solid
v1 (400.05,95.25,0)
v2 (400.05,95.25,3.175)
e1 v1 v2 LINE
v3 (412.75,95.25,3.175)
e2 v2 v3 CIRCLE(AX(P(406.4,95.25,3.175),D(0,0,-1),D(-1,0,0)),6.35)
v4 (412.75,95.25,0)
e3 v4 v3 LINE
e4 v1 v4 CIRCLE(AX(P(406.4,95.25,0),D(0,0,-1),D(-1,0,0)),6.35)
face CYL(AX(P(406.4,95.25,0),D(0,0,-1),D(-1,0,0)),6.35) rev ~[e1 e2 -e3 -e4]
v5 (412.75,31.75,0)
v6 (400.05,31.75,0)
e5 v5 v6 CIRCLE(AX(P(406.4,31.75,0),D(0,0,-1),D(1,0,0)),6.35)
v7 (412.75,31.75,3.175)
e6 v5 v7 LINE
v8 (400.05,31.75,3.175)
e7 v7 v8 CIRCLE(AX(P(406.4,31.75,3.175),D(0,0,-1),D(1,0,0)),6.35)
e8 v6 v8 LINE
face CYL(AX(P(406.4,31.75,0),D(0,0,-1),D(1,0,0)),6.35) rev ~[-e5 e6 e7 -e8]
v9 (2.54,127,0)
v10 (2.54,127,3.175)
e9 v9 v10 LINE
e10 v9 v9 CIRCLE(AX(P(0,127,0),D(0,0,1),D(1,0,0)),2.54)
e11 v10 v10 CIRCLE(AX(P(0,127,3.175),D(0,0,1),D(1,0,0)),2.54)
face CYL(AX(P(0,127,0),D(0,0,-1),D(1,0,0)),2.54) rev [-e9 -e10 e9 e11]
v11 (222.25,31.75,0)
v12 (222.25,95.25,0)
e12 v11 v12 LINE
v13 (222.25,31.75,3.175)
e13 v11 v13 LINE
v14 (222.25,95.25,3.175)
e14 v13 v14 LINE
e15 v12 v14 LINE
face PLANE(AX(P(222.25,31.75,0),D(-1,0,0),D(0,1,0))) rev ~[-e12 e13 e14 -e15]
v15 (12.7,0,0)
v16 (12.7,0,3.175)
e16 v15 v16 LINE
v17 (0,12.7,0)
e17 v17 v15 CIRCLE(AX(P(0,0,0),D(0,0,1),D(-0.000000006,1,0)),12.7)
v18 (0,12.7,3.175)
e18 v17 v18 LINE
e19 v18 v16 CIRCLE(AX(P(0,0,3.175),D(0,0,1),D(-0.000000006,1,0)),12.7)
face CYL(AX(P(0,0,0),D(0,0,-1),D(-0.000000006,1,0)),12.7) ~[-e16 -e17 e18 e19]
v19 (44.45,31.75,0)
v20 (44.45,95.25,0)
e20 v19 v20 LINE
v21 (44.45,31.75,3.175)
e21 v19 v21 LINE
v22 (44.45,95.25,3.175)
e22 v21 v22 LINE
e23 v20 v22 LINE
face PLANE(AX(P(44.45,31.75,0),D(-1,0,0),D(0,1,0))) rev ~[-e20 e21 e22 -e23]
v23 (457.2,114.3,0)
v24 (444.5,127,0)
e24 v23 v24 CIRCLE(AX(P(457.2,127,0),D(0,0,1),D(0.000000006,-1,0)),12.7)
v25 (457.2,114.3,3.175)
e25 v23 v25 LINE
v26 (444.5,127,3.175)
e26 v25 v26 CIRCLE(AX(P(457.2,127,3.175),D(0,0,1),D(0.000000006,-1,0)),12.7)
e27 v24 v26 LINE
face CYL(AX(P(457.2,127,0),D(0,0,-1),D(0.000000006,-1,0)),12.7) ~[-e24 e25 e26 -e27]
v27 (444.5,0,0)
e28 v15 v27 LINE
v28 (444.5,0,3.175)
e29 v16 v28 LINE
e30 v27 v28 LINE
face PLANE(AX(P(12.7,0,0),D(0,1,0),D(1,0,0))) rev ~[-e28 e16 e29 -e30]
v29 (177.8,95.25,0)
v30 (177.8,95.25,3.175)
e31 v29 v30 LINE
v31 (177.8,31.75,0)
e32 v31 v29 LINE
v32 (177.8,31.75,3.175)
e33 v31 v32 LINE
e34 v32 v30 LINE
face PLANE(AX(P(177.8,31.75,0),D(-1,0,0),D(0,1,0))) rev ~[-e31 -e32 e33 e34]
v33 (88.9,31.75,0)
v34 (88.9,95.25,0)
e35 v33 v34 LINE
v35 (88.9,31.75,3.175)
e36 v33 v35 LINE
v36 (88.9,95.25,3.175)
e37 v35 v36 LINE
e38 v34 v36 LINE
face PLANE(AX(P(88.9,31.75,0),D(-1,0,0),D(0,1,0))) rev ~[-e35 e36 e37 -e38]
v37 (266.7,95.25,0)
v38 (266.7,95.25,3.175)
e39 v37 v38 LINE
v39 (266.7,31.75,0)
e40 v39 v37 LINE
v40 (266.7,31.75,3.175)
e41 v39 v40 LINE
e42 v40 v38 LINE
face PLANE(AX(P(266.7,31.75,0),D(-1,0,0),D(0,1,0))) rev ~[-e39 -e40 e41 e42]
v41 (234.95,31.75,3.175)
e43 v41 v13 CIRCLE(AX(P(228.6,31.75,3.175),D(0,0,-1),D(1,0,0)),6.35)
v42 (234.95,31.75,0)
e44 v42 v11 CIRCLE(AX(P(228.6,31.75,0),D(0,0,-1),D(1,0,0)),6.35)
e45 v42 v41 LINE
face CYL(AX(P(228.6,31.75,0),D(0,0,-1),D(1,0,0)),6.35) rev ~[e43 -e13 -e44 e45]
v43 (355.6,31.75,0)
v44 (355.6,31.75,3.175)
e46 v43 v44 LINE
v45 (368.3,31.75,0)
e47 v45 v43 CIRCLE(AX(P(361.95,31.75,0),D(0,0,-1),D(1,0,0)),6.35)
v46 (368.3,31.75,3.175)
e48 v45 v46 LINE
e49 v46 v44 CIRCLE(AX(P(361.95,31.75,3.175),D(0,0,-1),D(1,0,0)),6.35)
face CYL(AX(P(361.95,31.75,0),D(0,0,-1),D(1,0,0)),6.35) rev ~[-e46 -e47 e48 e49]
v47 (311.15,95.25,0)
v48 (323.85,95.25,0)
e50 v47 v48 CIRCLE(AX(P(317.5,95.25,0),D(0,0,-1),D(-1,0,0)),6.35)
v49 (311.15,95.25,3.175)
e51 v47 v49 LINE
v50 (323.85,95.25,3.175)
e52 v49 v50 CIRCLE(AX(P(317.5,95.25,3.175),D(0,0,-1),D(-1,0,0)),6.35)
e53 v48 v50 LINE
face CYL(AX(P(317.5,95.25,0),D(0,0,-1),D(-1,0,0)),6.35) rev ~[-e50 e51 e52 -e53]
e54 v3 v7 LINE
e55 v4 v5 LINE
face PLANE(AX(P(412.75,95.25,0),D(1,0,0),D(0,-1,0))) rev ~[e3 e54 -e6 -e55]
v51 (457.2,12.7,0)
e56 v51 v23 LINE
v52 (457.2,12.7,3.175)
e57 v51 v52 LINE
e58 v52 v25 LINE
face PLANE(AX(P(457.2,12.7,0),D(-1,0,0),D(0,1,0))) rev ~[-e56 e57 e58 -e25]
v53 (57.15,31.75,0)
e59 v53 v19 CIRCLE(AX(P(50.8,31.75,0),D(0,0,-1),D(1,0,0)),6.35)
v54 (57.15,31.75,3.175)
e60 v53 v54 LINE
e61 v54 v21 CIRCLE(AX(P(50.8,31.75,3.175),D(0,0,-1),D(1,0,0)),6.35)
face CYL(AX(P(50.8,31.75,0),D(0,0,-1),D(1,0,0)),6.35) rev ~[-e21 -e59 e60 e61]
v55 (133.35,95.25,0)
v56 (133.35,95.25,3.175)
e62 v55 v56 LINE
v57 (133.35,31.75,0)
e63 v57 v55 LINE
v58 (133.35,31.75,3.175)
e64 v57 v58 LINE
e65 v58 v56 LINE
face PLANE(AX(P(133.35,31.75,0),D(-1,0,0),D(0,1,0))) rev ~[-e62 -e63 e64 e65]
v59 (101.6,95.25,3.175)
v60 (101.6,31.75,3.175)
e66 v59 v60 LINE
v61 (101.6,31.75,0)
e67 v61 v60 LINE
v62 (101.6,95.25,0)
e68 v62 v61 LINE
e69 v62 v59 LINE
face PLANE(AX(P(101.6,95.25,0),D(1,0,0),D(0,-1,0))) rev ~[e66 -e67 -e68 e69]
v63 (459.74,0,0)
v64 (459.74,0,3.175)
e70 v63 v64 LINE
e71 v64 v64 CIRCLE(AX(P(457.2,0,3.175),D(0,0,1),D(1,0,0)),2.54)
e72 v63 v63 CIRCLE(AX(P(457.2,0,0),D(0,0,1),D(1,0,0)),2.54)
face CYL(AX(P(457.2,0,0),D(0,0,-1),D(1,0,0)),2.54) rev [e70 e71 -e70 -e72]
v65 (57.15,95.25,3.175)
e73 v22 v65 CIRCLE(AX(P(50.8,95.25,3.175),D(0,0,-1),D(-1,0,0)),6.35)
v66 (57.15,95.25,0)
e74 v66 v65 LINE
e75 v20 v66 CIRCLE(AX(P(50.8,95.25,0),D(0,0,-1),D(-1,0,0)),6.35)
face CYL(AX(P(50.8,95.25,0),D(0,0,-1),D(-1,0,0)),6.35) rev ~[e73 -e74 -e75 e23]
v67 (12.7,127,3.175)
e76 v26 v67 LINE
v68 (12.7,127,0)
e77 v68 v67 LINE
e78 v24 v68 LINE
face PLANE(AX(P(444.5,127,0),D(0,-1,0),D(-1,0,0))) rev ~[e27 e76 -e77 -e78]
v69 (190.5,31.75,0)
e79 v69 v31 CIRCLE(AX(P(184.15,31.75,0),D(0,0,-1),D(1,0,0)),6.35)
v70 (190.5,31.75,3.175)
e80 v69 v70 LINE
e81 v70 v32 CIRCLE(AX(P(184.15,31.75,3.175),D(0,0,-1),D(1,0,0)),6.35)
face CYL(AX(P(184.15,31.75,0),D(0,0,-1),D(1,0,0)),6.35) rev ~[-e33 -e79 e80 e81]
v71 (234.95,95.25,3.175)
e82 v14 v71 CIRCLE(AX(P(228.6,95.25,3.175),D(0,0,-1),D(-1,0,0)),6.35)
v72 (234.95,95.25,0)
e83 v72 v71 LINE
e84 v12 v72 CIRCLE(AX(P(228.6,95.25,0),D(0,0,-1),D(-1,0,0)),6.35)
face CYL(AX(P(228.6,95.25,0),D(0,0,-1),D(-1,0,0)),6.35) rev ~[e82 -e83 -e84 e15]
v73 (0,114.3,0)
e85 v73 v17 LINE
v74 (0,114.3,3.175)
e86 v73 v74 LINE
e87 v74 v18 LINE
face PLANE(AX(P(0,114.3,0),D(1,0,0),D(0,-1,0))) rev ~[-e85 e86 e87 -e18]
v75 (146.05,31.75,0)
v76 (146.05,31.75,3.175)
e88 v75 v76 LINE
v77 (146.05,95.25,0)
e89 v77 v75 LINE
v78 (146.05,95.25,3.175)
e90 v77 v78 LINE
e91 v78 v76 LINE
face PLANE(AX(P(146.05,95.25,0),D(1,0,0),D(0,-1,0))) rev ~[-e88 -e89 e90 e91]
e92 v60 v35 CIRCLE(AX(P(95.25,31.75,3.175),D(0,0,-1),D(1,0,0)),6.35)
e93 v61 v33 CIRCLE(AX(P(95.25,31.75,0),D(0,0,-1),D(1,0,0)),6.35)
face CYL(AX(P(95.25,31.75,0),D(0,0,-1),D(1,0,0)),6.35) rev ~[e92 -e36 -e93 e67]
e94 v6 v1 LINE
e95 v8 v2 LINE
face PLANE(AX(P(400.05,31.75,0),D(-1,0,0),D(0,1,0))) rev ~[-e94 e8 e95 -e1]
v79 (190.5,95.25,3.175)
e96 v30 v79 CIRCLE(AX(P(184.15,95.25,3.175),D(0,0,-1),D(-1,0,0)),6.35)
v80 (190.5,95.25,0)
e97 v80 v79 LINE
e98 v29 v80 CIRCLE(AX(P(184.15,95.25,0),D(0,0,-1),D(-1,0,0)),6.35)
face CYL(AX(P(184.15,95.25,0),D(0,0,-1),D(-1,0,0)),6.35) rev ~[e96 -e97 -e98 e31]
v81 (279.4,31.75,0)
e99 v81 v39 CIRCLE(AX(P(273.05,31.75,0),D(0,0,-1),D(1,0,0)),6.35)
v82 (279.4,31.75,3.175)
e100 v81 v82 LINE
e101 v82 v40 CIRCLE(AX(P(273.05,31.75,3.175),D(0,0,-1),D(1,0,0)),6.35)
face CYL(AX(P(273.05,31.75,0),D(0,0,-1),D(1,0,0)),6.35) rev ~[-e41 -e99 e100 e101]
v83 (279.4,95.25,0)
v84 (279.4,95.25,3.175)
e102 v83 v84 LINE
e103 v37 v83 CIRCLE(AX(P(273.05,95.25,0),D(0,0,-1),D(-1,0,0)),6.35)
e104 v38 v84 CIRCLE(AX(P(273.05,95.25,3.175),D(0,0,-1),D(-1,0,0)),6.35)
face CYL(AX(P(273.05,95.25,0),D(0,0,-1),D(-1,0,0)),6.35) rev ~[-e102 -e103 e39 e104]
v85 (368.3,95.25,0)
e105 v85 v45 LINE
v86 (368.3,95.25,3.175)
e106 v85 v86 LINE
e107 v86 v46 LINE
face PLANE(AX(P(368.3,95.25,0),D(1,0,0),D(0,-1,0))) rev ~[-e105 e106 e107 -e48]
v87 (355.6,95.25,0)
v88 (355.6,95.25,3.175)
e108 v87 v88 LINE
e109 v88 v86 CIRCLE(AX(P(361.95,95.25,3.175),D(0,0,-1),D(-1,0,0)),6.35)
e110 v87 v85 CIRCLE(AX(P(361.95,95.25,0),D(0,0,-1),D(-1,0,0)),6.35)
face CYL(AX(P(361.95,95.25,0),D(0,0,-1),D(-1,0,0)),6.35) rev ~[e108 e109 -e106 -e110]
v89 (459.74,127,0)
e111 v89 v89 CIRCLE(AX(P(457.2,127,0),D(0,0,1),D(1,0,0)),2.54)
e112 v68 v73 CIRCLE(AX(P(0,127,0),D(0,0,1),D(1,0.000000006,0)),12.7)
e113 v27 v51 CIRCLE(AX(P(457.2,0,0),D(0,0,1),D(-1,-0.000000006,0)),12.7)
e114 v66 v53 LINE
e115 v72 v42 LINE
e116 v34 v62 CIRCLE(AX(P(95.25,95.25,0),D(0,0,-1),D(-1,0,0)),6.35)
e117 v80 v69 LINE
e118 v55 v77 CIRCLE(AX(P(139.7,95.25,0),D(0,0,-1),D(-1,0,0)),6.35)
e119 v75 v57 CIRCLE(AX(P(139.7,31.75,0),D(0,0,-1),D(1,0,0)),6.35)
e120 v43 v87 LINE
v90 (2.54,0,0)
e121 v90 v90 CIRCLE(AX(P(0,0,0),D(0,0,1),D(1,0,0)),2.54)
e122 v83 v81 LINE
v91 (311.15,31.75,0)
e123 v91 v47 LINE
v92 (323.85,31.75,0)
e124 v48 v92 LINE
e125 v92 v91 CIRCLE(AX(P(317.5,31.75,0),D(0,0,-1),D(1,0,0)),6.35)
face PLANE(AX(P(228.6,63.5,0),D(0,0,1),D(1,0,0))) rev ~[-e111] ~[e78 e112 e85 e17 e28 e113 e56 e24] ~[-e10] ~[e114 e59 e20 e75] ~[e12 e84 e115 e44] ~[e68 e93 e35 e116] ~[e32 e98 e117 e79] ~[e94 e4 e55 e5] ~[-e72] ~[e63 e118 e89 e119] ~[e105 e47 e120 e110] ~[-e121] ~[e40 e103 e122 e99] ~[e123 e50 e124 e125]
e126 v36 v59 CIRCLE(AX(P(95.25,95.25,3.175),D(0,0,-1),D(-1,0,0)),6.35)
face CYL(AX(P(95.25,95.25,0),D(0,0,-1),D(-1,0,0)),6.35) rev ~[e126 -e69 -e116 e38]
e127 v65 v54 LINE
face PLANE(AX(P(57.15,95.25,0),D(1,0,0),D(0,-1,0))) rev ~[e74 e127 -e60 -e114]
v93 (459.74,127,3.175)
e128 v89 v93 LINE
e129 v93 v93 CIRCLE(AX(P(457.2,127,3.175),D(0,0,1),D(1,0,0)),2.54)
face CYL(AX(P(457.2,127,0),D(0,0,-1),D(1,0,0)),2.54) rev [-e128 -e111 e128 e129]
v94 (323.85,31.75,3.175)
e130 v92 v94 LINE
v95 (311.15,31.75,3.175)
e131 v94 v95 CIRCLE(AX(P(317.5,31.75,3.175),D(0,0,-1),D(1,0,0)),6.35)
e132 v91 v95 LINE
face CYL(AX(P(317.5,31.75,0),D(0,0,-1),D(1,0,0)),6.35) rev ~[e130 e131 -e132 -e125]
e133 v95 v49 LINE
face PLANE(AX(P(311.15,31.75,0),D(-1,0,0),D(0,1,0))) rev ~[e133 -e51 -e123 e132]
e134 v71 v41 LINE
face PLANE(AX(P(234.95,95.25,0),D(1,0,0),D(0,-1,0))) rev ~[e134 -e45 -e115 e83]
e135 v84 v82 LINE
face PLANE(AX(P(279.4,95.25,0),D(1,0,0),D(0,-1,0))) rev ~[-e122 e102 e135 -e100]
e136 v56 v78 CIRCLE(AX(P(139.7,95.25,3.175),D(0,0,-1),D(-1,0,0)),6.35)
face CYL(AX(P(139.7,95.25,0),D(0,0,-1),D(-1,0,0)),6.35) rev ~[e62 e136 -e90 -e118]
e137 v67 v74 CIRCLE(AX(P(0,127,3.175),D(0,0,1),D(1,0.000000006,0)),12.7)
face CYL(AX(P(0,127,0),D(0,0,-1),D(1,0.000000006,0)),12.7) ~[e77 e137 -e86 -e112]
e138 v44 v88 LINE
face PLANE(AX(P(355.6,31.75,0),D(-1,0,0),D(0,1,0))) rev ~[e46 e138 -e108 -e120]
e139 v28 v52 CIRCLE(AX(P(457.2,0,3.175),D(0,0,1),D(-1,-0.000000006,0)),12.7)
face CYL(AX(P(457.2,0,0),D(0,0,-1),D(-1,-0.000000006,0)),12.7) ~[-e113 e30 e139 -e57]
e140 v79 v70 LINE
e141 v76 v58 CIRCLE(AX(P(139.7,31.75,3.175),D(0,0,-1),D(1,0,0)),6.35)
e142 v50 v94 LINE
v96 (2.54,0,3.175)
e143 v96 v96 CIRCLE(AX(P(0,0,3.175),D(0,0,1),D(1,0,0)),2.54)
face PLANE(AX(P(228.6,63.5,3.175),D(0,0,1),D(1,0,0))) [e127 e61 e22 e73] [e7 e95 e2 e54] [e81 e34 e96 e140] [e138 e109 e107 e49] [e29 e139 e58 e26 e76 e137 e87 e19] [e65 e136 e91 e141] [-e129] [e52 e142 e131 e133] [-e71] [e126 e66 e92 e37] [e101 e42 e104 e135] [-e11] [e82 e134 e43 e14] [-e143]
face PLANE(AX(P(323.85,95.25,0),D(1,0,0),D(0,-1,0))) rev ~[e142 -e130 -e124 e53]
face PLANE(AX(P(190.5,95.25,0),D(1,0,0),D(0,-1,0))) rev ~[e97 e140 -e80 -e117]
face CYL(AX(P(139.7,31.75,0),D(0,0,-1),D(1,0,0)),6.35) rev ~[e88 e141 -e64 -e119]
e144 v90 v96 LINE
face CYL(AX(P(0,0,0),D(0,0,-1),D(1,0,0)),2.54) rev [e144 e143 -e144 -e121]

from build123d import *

# Parameters (mm, degrees)
F0_R     = 2.54
F1_DEPTH = 3.175


with BuildPart() as f1:
    # F0 (on Top) → F1 (new body)
    with BuildSketch(Plane.XY):
        with BuildLine():
            ThreePointArc((0, 12.7), (-8.980256, -8.980256), (12.7, 0))
            Line((12.7, 0), (444.5, 0))
            ThreePointArc((444.5, 0), (466.180256, -8.980256), (457.2, 12.7))
            Line((457.2, 12.7), (457.2, 114.3))
            ThreePointArc((457.2, 114.3), (466.180256, 135.980256), (444.5, 127))
            Line((444.5, 127), (12.7, 127))
            ThreePointArc((12.7, 127), (-8.980256, 135.980256), (0, 114.3))
            Line((0, 114.3), (0, 12.7))
        make_face()
        Circle(F0_R, mode=Mode.SUBTRACT)
        with BuildLine():
            Line((57.15, 95.25), (57.15, 31.75))
            ThreePointArc((57.15, 31.75), (50.8, 25.4), (44.45, 31.75))
            Line((44.45, 31.75), (44.45, 95.25))
            ThreePointArc((44.45, 95.25), (50.8, 101.6), (57.15, 95.25))
        make_face(mode=Mode.SUBTRACT)
        with BuildLine():
            Line((88.9, 31.75), (88.9, 95.25))
            ThreePointArc((88.9, 95.25), (95.25, 101.6), (101.6, 95.25))
            Line((101.6, 95.25), (101.6, 31.75))
            ThreePointArc((101.6, 31.75), (95.25, 25.4), (88.9, 31.75))
        make_face(mode=Mode.SUBTRACT)
        with BuildLine():
            Line((133.35, 31.75), (133.35, 95.25))
            ThreePointArc((133.35, 95.25), (139.7, 101.6), (146.05, 95.25))
            Line((146.05, 95.25), (146.05, 31.75))
            ThreePointArc((146.05, 31.75), (139.7, 25.4), (133.35, 31.75))
        make_face(mode=Mode.SUBTRACT)
        with BuildLine():
            Line((177.8, 31.75), (177.8, 95.25))
            ThreePointArc((177.8, 95.25), (184.15, 101.6), (190.5, 95.25))
            Line((190.5, 95.25), (190.5, 31.75))
            ThreePointArc((190.5, 31.75), (184.15, 25.4), (177.8, 31.75))
        make_face(mode=Mode.SUBTRACT)
        with Locations((457.2, 0)):
            Circle(F0_R, mode=Mode.SUBTRACT)
        with BuildLine():
            Line((222.25, 31.75), (222.25, 95.25))
            ThreePointArc((222.25, 95.25), (228.6, 101.6), (234.95, 95.25))
            Line((234.95, 95.25), (234.95, 31.75))
            ThreePointArc((234.95, 31.75), (228.6, 25.4), (222.25, 31.75))
        make_face(mode=Mode.SUBTRACT)
        with BuildLine():
            Line((266.7, 31.75), (266.7, 95.25))
            ThreePointArc((266.7, 95.25), (273.05, 101.6), (279.4, 95.25))
            Line((279.4, 95.25), (279.4, 31.75))
            ThreePointArc((279.4, 31.75), (273.05, 25.4), (266.7, 31.75))
        make_face(mode=Mode.SUBTRACT)
        with BuildLine():
            Line((311.15, 31.75), (311.15, 95.25))
            ThreePointArc((311.15, 95.25), (317.5, 101.6), (323.85, 95.25))
            Line((323.85, 95.25), (323.85, 31.75))
            ThreePointArc((323.85, 31.75), (317.5, 25.4), (311.15, 31.75))
        make_face(mode=Mode.SUBTRACT)
        with BuildLine():
            Line((355.6, 31.75), (355.6, 95.25))
            ThreePointArc((355.6, 95.25), (361.95, 101.6), (368.3, 95.25))
            Line((368.3, 95.25), (368.3, 31.75))
            ThreePointArc((368.3, 31.75), (361.95, 25.4), (355.6, 31.75))
        make_face(mode=Mode.SUBTRACT)
        with BuildLine():
            Line((400.05, 31.75), (400.05, 95.25))
            ThreePointArc((400.05, 95.25), (406.4, 101.6), (412.75, 95.25))
            Line((412.75, 95.25), (412.75, 31.75))
            ThreePointArc((412.75, 31.75), (406.4, 25.4), (400.05, 31.75))
        make_face(mode=Mode.SUBTRACT)
        with Locations((0, 127)):
            Circle(F0_R, mode=Mode.SUBTRACT)
        with Locations((457.2, 127)):
            Circle(F0_R, mode=Mode.SUBTRACT)
    extrude(amount=F1_DEPTH)


solid = f1.part
